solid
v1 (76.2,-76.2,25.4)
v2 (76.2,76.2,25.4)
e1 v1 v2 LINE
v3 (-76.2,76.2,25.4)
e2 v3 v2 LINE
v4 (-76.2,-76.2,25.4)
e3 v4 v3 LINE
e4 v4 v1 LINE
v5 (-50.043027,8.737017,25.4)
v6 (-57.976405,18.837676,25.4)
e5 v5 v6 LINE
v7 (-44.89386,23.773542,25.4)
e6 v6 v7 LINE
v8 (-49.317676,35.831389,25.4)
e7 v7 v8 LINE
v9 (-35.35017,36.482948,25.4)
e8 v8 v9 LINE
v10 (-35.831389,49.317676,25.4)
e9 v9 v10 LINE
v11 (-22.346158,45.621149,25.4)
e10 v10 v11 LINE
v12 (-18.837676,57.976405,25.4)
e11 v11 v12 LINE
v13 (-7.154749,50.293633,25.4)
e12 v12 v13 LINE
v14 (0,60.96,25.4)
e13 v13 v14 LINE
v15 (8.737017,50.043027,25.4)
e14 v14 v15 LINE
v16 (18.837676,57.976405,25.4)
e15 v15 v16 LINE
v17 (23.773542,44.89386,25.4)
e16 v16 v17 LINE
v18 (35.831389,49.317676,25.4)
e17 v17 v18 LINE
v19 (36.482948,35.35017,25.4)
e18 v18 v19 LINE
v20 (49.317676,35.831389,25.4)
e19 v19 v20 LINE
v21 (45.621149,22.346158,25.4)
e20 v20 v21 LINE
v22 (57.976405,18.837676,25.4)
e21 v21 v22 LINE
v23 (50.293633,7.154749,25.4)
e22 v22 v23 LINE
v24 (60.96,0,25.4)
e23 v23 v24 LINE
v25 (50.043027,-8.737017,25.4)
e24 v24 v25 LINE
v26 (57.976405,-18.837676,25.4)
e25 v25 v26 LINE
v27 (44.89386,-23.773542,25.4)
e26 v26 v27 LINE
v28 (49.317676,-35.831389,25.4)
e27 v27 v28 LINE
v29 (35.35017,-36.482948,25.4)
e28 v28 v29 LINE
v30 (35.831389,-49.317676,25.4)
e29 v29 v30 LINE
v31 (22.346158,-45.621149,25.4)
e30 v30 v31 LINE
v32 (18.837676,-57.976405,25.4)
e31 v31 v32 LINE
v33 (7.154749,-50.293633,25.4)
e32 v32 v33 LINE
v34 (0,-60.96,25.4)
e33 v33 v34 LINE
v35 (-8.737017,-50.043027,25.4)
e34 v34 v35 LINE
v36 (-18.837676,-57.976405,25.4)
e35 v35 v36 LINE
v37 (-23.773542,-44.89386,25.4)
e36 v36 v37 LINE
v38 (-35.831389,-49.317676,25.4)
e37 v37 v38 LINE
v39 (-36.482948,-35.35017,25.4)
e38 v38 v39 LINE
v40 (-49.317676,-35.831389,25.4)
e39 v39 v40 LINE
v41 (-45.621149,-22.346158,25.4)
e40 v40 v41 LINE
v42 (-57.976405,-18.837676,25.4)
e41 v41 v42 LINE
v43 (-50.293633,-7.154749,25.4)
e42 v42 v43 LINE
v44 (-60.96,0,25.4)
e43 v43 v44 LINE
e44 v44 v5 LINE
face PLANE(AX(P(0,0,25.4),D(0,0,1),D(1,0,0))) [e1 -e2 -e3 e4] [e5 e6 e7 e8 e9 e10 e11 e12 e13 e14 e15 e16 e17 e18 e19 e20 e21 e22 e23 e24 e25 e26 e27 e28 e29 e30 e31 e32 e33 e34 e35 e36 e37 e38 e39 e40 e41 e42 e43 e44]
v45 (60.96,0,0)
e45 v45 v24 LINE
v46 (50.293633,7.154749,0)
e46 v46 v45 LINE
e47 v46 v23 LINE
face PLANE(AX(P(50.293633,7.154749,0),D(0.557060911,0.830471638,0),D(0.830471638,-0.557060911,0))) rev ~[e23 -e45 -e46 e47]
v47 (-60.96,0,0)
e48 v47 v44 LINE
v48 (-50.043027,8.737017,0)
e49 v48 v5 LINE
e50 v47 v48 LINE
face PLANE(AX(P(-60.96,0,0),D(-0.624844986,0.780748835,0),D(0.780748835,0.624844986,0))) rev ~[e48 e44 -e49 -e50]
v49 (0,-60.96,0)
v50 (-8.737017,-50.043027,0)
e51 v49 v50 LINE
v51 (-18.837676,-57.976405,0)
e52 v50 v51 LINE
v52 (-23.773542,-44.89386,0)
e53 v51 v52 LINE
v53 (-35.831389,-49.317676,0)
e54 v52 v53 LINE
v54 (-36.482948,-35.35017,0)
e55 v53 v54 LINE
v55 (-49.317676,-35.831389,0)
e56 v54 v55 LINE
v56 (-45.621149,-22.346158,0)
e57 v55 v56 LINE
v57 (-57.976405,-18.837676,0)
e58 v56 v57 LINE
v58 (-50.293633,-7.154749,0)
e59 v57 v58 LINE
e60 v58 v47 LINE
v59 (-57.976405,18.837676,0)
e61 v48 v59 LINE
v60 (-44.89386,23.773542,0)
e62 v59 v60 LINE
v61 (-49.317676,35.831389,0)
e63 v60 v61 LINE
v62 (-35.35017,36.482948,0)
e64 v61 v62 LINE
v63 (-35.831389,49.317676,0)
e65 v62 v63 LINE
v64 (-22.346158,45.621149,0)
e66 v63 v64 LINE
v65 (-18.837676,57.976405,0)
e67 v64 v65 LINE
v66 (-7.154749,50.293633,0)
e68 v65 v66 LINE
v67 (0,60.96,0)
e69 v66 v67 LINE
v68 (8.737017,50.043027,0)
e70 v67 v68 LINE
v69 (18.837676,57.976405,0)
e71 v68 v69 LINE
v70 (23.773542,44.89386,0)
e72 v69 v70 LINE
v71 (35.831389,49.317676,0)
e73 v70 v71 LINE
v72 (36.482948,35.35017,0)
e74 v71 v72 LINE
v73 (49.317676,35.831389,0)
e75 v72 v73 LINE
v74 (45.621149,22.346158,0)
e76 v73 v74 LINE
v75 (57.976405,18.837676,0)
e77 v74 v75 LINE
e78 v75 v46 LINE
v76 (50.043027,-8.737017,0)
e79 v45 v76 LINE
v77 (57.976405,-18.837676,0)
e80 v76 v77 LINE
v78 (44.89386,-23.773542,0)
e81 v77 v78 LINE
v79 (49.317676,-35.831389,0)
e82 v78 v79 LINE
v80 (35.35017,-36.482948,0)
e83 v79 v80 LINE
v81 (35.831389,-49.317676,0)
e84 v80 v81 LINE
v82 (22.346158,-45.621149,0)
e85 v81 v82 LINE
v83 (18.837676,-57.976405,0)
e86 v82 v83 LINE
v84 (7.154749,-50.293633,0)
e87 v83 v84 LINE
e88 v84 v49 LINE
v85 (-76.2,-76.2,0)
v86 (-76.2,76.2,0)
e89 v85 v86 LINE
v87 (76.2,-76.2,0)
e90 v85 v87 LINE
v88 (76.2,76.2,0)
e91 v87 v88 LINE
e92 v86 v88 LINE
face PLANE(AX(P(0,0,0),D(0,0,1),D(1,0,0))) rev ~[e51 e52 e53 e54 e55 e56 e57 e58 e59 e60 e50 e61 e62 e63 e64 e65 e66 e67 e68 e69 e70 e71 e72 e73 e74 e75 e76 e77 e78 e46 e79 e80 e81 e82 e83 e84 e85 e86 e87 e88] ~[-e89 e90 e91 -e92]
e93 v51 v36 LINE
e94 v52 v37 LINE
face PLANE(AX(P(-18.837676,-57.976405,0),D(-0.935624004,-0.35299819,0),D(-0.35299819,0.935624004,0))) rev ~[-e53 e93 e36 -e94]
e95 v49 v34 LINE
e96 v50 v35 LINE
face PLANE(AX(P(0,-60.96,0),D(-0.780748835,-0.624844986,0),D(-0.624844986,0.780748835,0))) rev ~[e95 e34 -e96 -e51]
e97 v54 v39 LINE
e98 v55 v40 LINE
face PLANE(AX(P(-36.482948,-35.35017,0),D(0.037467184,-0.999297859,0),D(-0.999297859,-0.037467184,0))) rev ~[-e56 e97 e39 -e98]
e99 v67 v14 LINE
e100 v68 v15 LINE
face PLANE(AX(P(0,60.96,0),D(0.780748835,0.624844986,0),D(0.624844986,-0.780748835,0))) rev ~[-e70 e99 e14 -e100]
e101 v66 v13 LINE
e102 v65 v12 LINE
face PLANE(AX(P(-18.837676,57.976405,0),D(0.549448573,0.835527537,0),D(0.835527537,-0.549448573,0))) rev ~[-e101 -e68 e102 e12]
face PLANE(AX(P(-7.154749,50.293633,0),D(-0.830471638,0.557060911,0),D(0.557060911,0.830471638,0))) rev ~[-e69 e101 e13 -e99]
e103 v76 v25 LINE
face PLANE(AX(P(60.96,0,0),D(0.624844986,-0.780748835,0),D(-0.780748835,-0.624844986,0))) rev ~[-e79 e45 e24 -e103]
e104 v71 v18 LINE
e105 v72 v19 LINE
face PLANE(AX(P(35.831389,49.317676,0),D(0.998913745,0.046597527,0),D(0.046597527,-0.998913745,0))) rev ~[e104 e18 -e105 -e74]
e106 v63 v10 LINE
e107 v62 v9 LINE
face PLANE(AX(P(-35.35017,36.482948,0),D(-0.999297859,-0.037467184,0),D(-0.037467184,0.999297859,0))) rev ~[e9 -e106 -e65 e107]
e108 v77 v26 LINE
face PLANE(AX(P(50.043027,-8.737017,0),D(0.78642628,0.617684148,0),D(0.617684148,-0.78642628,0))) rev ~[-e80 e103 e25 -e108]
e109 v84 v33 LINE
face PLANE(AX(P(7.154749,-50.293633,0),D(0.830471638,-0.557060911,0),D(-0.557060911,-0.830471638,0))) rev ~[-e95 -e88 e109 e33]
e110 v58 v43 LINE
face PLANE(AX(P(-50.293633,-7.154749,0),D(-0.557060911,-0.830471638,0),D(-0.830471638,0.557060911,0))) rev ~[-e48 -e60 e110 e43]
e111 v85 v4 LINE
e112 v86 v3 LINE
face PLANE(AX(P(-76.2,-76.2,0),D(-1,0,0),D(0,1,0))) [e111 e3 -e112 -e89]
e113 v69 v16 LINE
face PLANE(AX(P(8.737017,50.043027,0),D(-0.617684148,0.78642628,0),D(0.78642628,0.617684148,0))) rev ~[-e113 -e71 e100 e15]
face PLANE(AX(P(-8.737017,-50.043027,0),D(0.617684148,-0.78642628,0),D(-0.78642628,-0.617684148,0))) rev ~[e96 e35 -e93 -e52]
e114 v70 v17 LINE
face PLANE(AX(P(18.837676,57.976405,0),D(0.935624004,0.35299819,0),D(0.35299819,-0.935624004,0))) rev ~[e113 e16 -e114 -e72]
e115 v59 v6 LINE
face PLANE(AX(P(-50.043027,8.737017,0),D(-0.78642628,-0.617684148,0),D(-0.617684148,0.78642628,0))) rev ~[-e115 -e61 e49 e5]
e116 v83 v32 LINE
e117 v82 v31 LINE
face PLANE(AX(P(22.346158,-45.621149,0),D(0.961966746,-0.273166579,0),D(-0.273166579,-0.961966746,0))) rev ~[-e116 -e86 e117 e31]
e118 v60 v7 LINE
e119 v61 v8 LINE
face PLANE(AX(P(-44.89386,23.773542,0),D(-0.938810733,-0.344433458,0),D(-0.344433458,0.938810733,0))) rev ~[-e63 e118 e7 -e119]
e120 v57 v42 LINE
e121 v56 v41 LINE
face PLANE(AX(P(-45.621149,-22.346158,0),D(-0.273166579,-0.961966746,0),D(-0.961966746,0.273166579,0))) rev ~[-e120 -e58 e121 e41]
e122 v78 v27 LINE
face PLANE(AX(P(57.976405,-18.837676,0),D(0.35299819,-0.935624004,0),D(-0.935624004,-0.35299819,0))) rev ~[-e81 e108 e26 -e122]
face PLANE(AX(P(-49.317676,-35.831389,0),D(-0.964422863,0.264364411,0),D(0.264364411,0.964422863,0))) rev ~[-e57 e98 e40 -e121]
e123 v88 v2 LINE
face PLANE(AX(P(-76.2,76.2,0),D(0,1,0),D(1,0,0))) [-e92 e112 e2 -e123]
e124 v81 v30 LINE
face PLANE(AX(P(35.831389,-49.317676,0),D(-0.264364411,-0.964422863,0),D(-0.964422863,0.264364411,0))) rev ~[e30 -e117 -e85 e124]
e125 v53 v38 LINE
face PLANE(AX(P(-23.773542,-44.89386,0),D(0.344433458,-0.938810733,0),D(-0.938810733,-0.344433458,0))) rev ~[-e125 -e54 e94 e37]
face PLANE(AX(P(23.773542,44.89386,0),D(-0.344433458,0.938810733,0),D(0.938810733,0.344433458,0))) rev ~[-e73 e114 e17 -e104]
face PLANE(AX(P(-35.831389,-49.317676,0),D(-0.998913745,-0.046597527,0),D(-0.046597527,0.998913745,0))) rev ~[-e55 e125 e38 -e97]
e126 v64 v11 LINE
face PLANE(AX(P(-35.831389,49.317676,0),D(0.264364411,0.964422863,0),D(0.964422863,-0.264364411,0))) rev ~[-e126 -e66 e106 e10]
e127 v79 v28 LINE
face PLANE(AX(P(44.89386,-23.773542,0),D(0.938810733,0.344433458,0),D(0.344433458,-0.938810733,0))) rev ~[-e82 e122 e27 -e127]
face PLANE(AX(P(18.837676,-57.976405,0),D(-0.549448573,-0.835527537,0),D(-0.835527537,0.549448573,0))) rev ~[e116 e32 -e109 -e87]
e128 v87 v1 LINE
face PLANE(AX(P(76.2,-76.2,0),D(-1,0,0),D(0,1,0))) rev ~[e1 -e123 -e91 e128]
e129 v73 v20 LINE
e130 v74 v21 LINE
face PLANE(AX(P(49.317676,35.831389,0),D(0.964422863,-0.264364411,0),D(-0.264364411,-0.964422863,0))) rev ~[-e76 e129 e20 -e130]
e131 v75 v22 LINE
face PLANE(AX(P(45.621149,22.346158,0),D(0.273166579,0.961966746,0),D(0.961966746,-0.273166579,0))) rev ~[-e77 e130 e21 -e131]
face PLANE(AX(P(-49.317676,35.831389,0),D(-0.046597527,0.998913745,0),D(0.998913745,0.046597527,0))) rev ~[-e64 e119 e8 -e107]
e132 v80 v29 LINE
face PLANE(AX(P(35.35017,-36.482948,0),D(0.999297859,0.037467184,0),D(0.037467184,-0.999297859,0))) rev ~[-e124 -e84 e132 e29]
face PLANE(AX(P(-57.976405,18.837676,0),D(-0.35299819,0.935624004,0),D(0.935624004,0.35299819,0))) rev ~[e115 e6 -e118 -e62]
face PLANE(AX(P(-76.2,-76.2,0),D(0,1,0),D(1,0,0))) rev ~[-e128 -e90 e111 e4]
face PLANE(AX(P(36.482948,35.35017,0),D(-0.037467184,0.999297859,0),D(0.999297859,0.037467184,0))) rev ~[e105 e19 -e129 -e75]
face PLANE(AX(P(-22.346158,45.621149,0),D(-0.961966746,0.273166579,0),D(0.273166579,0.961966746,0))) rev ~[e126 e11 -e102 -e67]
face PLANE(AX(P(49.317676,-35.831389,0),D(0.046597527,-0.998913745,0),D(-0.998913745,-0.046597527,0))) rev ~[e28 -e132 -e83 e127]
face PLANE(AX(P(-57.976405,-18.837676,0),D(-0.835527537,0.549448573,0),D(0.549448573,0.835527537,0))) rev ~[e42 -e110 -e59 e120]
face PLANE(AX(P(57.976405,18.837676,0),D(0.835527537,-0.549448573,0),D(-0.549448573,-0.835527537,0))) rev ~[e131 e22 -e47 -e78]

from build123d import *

# Parameters (mm, degrees)
F0_W     = 152.4
F0_H     = 152.4
F1_DEPTH = 25.4


with BuildPart() as f1:
    # F0 (on Top) → F1 (new body)
    with BuildSketch(Plane.XY):
        Rectangle(F0_W, F0_H)
        Polygon((-7.154749, 50.293633), (0, 60.96), (8.737017, 50.043027), (18.837676, 57.976405), (23.773542, 44.89386), (35.831389, 49.317676), (36.482948, 35.35017), (49.317676, 35.831389), (45.621149, 22.346158), (57.976405, 18.837676), (50.293633, 7.154749), (60.96, 0), (50.043027, -8.737017), (57.976405, -18.837676), (44.89386, -23.773542), (49.317676, -35.831389), (35.35017, -36.482948), (35.831389, -49.317676), (22.346158, -45.621149), (18.837676, -57.976405), (7.154749, -50.293633), (0, -60.96), (-8.737017, -50.043027), (-18.837676, -57.976405), (-23.773542, -44.89386), (-35.831389, -49.317676), (-36.482948, -35.35017), (-49.317676, -35.831389), (-45.621149, -22.346158), (-57.976405, -18.837676), (-50.293633, -7.154749), (-60.96, 0), (-50.043027, 8.737017), (-57.976405, 18.837676), (-44.89386, 23.773542), (-49.317676, 35.831389), (-35.35017, 36.482948), (-35.831389, 49.317676), (-22.346158, 45.621149), (-18.837676, 57.976405), align=None, mode=Mode.SUBTRACT)
    extrude(amount=F1_DEPTH)


solid = f1.part
